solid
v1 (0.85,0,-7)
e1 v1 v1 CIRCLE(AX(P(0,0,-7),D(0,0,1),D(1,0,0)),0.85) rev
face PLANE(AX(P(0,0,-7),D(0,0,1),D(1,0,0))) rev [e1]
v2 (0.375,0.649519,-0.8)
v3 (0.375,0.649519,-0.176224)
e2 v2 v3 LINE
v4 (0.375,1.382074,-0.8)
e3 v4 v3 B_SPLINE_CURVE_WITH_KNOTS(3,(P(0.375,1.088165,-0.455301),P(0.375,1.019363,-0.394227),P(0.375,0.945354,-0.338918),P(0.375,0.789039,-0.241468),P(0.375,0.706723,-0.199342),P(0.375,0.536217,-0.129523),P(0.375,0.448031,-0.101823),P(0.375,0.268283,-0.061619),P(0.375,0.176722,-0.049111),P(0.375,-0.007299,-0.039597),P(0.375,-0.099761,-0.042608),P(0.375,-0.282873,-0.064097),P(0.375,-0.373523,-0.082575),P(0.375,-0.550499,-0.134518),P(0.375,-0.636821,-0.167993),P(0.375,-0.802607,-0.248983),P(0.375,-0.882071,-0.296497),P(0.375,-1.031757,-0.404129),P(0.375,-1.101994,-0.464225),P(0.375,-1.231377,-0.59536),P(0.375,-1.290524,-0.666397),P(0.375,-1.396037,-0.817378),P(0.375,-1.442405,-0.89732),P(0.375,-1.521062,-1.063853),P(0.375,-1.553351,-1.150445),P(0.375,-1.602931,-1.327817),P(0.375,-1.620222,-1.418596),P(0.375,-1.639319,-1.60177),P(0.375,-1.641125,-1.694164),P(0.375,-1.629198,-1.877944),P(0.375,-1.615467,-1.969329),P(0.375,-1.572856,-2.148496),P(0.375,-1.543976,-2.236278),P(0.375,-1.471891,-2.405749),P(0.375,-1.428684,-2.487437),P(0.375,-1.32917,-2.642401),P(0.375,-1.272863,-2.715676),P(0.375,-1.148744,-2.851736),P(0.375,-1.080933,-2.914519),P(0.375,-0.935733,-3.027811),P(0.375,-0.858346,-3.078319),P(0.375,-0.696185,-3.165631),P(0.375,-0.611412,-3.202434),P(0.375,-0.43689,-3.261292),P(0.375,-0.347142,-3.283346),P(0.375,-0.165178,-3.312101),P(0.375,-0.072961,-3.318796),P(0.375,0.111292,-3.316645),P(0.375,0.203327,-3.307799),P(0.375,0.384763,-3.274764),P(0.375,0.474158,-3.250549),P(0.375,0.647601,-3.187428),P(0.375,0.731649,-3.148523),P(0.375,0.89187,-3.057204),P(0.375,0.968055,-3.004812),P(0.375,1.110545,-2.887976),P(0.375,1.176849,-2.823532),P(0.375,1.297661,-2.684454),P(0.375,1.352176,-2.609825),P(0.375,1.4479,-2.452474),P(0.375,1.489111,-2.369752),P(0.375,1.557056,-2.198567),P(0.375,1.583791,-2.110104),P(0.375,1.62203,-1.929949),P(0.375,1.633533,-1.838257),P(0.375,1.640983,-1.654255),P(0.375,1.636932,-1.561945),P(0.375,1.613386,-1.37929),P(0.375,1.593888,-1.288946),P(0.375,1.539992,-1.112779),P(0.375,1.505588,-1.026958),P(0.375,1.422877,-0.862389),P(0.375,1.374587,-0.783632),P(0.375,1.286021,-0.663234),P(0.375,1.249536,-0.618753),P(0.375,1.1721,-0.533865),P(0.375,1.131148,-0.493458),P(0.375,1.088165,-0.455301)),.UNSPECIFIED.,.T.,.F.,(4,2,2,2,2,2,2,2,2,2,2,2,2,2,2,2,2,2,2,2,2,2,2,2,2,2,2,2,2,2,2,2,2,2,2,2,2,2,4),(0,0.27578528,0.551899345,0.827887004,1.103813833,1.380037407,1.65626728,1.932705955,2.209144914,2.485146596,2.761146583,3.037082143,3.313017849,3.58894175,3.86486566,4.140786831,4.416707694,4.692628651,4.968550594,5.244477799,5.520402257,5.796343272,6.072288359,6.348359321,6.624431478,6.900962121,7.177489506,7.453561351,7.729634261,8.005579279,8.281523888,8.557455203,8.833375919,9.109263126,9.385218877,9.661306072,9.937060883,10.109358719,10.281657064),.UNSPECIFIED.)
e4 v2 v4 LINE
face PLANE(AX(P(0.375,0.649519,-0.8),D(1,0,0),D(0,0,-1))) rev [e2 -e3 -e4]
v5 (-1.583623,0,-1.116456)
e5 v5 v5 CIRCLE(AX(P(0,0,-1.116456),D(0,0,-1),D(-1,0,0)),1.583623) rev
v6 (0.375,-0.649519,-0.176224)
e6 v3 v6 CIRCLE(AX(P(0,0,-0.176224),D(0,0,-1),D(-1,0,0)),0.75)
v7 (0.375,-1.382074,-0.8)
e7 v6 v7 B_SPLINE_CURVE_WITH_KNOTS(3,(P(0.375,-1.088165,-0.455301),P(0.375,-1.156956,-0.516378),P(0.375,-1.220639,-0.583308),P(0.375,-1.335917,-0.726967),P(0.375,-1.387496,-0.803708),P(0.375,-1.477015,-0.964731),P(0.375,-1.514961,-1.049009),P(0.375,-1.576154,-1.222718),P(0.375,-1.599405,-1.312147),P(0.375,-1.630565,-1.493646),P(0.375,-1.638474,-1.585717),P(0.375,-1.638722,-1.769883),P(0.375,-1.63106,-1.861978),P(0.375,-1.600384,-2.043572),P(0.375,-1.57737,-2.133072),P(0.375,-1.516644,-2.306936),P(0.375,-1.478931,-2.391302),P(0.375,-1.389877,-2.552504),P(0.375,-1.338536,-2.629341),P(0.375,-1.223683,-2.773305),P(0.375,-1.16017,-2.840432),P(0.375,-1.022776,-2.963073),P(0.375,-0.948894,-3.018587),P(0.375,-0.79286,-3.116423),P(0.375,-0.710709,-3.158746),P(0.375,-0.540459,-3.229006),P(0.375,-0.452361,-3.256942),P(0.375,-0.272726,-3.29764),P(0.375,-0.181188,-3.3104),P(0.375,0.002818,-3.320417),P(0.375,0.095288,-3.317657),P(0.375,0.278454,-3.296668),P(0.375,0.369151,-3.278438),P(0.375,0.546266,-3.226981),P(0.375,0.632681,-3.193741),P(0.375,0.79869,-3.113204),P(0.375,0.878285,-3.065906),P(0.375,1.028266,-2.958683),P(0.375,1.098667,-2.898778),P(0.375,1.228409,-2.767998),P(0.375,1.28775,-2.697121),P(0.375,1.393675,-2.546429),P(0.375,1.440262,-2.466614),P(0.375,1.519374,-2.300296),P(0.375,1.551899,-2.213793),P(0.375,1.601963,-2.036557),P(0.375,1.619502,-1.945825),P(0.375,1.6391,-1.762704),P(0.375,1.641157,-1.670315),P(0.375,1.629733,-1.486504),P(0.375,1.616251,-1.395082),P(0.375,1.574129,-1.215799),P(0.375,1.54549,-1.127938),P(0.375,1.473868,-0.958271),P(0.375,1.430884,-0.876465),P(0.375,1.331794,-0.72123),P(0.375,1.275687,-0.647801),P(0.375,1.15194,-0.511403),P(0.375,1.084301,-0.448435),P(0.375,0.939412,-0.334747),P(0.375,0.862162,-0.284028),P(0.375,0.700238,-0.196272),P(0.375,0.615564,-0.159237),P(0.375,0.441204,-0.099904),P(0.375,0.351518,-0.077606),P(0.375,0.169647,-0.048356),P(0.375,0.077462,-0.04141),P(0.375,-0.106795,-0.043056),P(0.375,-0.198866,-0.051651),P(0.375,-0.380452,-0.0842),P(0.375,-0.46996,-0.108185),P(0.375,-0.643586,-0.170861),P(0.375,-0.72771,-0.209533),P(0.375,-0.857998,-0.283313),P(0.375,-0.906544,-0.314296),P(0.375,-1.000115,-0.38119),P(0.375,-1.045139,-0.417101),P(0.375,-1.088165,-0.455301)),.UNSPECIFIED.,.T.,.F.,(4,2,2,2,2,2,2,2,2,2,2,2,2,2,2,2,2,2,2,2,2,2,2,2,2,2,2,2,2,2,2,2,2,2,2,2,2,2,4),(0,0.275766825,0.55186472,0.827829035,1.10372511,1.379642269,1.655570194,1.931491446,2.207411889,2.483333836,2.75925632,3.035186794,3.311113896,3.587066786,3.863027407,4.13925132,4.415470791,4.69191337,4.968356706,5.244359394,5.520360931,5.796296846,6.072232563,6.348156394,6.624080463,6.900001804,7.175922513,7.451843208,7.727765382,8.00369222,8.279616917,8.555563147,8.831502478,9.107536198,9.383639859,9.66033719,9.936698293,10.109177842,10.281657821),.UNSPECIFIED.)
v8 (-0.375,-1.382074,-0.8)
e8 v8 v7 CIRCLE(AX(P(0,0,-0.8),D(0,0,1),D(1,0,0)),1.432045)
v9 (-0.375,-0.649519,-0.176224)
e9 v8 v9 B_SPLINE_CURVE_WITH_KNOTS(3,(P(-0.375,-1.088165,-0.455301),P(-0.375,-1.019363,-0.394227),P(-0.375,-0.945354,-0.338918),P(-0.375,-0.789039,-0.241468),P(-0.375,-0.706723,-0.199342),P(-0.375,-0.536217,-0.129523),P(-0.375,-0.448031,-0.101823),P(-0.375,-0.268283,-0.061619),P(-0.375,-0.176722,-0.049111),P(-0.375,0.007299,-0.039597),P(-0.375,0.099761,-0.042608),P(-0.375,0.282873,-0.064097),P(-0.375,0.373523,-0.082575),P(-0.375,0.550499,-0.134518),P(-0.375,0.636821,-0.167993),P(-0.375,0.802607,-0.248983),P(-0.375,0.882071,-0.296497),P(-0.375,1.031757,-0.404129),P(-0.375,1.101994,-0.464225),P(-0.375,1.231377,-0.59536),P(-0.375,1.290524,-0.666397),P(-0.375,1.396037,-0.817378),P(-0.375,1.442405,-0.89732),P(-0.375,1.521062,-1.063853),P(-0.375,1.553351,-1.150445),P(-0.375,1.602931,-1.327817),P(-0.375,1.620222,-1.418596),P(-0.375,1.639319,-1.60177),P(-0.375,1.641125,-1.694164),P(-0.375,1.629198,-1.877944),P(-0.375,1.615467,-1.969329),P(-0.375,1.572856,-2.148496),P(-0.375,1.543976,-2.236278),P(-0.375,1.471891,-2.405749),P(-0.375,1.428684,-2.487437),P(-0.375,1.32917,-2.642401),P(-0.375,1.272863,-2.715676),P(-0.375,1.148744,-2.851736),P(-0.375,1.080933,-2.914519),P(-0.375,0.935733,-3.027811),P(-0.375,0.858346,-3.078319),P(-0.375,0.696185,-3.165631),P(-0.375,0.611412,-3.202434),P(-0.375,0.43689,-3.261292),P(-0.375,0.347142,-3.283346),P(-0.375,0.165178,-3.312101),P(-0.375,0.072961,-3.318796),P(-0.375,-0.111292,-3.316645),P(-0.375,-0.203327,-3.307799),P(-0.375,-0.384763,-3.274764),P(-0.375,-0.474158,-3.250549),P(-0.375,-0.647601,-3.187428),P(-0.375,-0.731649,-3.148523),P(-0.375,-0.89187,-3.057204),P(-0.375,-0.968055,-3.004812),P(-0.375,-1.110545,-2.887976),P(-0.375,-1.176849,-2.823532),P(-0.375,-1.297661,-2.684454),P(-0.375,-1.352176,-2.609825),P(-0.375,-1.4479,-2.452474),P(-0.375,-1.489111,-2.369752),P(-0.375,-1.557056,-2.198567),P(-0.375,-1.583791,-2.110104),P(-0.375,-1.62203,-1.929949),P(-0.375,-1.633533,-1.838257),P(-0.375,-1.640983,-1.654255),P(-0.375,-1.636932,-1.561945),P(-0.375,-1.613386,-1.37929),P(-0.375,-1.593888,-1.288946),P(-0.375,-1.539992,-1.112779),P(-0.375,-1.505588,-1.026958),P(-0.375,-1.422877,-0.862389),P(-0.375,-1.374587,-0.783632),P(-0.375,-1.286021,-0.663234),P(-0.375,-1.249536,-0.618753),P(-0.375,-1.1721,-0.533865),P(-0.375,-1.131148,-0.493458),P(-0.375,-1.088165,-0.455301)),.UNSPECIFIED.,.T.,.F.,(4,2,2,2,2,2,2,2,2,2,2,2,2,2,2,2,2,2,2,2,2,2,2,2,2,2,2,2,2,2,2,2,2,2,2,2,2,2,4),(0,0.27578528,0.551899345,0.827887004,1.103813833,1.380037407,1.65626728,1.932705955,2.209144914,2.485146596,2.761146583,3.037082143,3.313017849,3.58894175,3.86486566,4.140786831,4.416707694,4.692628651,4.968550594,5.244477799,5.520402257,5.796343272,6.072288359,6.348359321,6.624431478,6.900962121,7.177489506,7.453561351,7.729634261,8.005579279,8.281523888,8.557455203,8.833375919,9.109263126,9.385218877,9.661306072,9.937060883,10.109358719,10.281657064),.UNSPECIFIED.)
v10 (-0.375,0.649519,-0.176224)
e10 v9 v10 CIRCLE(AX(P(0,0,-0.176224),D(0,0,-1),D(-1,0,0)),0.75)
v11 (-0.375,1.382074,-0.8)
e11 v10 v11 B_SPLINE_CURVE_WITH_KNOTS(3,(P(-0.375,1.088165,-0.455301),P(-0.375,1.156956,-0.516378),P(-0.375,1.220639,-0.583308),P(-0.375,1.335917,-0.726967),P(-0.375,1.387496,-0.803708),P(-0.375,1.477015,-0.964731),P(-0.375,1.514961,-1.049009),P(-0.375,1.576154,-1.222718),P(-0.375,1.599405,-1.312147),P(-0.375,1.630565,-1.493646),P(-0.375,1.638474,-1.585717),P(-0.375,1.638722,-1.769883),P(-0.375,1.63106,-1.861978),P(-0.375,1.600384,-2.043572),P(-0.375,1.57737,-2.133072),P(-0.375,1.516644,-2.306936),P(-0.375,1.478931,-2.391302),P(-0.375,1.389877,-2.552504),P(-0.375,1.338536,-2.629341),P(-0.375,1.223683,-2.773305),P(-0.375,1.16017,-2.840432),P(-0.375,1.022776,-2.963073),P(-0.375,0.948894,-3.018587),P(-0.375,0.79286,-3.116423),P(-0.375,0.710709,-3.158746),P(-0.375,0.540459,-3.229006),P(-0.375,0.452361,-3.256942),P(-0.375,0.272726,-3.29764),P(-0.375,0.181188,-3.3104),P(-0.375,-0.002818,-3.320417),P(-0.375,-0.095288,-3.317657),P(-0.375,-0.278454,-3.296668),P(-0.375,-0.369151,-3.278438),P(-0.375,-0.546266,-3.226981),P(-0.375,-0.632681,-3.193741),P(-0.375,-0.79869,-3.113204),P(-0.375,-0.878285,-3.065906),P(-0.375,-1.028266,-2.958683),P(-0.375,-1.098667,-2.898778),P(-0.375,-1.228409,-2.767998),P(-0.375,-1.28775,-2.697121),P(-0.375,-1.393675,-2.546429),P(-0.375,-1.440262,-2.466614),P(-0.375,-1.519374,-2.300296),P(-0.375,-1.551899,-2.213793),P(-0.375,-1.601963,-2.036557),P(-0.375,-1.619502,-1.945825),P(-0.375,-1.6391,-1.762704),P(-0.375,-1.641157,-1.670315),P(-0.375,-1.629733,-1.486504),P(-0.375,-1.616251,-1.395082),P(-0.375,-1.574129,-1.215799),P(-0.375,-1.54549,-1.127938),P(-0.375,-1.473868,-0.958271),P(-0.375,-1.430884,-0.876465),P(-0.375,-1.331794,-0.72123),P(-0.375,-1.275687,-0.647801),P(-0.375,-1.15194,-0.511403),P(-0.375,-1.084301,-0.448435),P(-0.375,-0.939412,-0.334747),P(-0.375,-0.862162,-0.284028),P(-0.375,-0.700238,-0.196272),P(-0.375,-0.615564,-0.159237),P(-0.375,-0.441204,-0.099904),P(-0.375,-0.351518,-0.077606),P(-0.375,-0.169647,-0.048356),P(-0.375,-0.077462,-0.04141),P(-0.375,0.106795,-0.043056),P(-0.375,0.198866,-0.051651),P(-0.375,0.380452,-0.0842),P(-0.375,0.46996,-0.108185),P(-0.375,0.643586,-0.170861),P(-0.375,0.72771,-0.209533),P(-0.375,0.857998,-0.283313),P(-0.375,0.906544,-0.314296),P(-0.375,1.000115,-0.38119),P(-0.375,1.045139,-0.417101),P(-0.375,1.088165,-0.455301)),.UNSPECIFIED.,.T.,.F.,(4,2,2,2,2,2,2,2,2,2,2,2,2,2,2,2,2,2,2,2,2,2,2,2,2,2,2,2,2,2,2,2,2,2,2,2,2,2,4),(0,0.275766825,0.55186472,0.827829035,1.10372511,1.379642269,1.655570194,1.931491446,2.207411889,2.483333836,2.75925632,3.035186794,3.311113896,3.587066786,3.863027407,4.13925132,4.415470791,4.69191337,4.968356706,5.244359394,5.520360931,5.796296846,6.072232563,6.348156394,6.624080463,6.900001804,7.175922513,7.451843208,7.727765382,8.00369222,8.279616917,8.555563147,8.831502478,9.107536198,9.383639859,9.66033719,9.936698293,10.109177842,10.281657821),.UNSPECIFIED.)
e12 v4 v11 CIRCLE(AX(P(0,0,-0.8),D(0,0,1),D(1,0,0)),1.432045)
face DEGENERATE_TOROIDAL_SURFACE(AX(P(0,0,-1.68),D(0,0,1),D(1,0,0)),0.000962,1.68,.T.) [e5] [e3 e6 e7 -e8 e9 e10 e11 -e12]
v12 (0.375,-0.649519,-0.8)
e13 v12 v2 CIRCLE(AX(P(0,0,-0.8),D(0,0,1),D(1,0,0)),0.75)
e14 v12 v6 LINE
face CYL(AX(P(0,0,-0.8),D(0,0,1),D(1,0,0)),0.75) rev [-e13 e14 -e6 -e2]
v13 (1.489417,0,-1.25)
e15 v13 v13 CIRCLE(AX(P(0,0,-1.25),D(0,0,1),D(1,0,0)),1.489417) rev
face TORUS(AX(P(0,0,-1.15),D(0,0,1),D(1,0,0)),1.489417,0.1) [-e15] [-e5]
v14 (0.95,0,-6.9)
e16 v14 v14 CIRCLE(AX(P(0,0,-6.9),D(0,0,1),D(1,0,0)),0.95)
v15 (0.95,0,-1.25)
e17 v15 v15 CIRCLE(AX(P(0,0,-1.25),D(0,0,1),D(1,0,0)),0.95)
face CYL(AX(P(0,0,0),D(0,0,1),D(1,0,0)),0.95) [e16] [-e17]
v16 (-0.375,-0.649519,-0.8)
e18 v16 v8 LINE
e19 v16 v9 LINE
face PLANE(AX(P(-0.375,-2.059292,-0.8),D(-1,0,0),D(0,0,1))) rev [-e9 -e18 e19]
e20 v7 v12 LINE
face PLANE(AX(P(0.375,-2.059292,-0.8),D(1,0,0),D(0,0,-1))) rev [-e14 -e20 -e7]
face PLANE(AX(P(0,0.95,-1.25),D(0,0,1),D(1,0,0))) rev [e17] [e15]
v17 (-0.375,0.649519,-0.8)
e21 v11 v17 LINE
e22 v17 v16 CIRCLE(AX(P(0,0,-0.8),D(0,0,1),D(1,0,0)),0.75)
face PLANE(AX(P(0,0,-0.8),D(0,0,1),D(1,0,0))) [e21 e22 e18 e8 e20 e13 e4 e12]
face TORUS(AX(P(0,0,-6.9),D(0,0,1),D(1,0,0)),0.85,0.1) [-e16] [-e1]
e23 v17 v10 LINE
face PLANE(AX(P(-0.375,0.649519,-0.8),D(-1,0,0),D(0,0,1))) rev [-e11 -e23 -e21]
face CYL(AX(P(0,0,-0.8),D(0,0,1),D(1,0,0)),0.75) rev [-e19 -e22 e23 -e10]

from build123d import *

# Parameters (mm, degrees)
CUT_EXTRUDE1_DEPTH = 0.8
FILLET1_R          = 0.1
FILLET2_R          = 0.1


with BuildPart() as part:
    # Sketch1 → Revolve1 (revolve)
    with BuildSketch(Plane(origin=(0, 0, 0), x_dir=(0, 0, -1), z_dir=(1, 0, 0)), mode=Mode.PRIVATE) as revolve1_sk:
        with BuildLine():
            Line((0, 0), (7, 0))
            Line((7, 0), (7, 0.95))
            Line((7, 0.95), (1.25, 0.95))
            Line((1.25, 0.95), (1.25, 1.625))
            ThreePointArc((1.25, 1.625), (0.348391423, 1.025275828), (0, 0))
        make_face()
    revolve(revolve1_sk.sketch.rotate(Axis((0, 0, 0), (0, 0, -1)), 90), axis=Axis((0, 0, 0), (0, 0, -1)))

    # Sketch2 → Cut-Extrude1 (cut)
    with BuildSketch(Plane.XY):
        with BuildLine():
            Line((-0.375, -2.059291796), (0.375, -2.059291796))
            Line((0.375, -2.059291796), (0.375, -0.649519053))
            ThreePointArc((0.375, -0.649519053), (0.75, 0), (0.375, 0.649519053))
            Line((0.375, 0.649519053), (0.375, 2.059291796))
            Line((0.375, 2.059291796), (-0.375, 2.059291796))
            Line((-0.375, 2.059291796), (-0.375, 0.649519053))
            ThreePointArc((-0.375, 0.649519053), (-0.75, 0), (-0.375, -0.649519053))
            Line((-0.375, -0.649519053), (-0.375, -2.059291796))
        make_face()
    extrude(amount=-CUT_EXTRUDE1_DEPTH, mode=Mode.SUBTRACT)

    # Fillet1
    fillet1_edges = [part.edges().sort_by_distance(p)[0] for p in [
        (-1.625, 0, -1.25),
    ]]
    fillet(fillet1_edges, radius=FILLET1_R)

    # Fillet2
    fillet2_edges = [part.edges().sort_by_distance(p)[0] for p in [
        (-0.95, 0, -7),
    ]]
    fillet(fillet2_edges, radius=FILLET2_R)


solid = part.part
